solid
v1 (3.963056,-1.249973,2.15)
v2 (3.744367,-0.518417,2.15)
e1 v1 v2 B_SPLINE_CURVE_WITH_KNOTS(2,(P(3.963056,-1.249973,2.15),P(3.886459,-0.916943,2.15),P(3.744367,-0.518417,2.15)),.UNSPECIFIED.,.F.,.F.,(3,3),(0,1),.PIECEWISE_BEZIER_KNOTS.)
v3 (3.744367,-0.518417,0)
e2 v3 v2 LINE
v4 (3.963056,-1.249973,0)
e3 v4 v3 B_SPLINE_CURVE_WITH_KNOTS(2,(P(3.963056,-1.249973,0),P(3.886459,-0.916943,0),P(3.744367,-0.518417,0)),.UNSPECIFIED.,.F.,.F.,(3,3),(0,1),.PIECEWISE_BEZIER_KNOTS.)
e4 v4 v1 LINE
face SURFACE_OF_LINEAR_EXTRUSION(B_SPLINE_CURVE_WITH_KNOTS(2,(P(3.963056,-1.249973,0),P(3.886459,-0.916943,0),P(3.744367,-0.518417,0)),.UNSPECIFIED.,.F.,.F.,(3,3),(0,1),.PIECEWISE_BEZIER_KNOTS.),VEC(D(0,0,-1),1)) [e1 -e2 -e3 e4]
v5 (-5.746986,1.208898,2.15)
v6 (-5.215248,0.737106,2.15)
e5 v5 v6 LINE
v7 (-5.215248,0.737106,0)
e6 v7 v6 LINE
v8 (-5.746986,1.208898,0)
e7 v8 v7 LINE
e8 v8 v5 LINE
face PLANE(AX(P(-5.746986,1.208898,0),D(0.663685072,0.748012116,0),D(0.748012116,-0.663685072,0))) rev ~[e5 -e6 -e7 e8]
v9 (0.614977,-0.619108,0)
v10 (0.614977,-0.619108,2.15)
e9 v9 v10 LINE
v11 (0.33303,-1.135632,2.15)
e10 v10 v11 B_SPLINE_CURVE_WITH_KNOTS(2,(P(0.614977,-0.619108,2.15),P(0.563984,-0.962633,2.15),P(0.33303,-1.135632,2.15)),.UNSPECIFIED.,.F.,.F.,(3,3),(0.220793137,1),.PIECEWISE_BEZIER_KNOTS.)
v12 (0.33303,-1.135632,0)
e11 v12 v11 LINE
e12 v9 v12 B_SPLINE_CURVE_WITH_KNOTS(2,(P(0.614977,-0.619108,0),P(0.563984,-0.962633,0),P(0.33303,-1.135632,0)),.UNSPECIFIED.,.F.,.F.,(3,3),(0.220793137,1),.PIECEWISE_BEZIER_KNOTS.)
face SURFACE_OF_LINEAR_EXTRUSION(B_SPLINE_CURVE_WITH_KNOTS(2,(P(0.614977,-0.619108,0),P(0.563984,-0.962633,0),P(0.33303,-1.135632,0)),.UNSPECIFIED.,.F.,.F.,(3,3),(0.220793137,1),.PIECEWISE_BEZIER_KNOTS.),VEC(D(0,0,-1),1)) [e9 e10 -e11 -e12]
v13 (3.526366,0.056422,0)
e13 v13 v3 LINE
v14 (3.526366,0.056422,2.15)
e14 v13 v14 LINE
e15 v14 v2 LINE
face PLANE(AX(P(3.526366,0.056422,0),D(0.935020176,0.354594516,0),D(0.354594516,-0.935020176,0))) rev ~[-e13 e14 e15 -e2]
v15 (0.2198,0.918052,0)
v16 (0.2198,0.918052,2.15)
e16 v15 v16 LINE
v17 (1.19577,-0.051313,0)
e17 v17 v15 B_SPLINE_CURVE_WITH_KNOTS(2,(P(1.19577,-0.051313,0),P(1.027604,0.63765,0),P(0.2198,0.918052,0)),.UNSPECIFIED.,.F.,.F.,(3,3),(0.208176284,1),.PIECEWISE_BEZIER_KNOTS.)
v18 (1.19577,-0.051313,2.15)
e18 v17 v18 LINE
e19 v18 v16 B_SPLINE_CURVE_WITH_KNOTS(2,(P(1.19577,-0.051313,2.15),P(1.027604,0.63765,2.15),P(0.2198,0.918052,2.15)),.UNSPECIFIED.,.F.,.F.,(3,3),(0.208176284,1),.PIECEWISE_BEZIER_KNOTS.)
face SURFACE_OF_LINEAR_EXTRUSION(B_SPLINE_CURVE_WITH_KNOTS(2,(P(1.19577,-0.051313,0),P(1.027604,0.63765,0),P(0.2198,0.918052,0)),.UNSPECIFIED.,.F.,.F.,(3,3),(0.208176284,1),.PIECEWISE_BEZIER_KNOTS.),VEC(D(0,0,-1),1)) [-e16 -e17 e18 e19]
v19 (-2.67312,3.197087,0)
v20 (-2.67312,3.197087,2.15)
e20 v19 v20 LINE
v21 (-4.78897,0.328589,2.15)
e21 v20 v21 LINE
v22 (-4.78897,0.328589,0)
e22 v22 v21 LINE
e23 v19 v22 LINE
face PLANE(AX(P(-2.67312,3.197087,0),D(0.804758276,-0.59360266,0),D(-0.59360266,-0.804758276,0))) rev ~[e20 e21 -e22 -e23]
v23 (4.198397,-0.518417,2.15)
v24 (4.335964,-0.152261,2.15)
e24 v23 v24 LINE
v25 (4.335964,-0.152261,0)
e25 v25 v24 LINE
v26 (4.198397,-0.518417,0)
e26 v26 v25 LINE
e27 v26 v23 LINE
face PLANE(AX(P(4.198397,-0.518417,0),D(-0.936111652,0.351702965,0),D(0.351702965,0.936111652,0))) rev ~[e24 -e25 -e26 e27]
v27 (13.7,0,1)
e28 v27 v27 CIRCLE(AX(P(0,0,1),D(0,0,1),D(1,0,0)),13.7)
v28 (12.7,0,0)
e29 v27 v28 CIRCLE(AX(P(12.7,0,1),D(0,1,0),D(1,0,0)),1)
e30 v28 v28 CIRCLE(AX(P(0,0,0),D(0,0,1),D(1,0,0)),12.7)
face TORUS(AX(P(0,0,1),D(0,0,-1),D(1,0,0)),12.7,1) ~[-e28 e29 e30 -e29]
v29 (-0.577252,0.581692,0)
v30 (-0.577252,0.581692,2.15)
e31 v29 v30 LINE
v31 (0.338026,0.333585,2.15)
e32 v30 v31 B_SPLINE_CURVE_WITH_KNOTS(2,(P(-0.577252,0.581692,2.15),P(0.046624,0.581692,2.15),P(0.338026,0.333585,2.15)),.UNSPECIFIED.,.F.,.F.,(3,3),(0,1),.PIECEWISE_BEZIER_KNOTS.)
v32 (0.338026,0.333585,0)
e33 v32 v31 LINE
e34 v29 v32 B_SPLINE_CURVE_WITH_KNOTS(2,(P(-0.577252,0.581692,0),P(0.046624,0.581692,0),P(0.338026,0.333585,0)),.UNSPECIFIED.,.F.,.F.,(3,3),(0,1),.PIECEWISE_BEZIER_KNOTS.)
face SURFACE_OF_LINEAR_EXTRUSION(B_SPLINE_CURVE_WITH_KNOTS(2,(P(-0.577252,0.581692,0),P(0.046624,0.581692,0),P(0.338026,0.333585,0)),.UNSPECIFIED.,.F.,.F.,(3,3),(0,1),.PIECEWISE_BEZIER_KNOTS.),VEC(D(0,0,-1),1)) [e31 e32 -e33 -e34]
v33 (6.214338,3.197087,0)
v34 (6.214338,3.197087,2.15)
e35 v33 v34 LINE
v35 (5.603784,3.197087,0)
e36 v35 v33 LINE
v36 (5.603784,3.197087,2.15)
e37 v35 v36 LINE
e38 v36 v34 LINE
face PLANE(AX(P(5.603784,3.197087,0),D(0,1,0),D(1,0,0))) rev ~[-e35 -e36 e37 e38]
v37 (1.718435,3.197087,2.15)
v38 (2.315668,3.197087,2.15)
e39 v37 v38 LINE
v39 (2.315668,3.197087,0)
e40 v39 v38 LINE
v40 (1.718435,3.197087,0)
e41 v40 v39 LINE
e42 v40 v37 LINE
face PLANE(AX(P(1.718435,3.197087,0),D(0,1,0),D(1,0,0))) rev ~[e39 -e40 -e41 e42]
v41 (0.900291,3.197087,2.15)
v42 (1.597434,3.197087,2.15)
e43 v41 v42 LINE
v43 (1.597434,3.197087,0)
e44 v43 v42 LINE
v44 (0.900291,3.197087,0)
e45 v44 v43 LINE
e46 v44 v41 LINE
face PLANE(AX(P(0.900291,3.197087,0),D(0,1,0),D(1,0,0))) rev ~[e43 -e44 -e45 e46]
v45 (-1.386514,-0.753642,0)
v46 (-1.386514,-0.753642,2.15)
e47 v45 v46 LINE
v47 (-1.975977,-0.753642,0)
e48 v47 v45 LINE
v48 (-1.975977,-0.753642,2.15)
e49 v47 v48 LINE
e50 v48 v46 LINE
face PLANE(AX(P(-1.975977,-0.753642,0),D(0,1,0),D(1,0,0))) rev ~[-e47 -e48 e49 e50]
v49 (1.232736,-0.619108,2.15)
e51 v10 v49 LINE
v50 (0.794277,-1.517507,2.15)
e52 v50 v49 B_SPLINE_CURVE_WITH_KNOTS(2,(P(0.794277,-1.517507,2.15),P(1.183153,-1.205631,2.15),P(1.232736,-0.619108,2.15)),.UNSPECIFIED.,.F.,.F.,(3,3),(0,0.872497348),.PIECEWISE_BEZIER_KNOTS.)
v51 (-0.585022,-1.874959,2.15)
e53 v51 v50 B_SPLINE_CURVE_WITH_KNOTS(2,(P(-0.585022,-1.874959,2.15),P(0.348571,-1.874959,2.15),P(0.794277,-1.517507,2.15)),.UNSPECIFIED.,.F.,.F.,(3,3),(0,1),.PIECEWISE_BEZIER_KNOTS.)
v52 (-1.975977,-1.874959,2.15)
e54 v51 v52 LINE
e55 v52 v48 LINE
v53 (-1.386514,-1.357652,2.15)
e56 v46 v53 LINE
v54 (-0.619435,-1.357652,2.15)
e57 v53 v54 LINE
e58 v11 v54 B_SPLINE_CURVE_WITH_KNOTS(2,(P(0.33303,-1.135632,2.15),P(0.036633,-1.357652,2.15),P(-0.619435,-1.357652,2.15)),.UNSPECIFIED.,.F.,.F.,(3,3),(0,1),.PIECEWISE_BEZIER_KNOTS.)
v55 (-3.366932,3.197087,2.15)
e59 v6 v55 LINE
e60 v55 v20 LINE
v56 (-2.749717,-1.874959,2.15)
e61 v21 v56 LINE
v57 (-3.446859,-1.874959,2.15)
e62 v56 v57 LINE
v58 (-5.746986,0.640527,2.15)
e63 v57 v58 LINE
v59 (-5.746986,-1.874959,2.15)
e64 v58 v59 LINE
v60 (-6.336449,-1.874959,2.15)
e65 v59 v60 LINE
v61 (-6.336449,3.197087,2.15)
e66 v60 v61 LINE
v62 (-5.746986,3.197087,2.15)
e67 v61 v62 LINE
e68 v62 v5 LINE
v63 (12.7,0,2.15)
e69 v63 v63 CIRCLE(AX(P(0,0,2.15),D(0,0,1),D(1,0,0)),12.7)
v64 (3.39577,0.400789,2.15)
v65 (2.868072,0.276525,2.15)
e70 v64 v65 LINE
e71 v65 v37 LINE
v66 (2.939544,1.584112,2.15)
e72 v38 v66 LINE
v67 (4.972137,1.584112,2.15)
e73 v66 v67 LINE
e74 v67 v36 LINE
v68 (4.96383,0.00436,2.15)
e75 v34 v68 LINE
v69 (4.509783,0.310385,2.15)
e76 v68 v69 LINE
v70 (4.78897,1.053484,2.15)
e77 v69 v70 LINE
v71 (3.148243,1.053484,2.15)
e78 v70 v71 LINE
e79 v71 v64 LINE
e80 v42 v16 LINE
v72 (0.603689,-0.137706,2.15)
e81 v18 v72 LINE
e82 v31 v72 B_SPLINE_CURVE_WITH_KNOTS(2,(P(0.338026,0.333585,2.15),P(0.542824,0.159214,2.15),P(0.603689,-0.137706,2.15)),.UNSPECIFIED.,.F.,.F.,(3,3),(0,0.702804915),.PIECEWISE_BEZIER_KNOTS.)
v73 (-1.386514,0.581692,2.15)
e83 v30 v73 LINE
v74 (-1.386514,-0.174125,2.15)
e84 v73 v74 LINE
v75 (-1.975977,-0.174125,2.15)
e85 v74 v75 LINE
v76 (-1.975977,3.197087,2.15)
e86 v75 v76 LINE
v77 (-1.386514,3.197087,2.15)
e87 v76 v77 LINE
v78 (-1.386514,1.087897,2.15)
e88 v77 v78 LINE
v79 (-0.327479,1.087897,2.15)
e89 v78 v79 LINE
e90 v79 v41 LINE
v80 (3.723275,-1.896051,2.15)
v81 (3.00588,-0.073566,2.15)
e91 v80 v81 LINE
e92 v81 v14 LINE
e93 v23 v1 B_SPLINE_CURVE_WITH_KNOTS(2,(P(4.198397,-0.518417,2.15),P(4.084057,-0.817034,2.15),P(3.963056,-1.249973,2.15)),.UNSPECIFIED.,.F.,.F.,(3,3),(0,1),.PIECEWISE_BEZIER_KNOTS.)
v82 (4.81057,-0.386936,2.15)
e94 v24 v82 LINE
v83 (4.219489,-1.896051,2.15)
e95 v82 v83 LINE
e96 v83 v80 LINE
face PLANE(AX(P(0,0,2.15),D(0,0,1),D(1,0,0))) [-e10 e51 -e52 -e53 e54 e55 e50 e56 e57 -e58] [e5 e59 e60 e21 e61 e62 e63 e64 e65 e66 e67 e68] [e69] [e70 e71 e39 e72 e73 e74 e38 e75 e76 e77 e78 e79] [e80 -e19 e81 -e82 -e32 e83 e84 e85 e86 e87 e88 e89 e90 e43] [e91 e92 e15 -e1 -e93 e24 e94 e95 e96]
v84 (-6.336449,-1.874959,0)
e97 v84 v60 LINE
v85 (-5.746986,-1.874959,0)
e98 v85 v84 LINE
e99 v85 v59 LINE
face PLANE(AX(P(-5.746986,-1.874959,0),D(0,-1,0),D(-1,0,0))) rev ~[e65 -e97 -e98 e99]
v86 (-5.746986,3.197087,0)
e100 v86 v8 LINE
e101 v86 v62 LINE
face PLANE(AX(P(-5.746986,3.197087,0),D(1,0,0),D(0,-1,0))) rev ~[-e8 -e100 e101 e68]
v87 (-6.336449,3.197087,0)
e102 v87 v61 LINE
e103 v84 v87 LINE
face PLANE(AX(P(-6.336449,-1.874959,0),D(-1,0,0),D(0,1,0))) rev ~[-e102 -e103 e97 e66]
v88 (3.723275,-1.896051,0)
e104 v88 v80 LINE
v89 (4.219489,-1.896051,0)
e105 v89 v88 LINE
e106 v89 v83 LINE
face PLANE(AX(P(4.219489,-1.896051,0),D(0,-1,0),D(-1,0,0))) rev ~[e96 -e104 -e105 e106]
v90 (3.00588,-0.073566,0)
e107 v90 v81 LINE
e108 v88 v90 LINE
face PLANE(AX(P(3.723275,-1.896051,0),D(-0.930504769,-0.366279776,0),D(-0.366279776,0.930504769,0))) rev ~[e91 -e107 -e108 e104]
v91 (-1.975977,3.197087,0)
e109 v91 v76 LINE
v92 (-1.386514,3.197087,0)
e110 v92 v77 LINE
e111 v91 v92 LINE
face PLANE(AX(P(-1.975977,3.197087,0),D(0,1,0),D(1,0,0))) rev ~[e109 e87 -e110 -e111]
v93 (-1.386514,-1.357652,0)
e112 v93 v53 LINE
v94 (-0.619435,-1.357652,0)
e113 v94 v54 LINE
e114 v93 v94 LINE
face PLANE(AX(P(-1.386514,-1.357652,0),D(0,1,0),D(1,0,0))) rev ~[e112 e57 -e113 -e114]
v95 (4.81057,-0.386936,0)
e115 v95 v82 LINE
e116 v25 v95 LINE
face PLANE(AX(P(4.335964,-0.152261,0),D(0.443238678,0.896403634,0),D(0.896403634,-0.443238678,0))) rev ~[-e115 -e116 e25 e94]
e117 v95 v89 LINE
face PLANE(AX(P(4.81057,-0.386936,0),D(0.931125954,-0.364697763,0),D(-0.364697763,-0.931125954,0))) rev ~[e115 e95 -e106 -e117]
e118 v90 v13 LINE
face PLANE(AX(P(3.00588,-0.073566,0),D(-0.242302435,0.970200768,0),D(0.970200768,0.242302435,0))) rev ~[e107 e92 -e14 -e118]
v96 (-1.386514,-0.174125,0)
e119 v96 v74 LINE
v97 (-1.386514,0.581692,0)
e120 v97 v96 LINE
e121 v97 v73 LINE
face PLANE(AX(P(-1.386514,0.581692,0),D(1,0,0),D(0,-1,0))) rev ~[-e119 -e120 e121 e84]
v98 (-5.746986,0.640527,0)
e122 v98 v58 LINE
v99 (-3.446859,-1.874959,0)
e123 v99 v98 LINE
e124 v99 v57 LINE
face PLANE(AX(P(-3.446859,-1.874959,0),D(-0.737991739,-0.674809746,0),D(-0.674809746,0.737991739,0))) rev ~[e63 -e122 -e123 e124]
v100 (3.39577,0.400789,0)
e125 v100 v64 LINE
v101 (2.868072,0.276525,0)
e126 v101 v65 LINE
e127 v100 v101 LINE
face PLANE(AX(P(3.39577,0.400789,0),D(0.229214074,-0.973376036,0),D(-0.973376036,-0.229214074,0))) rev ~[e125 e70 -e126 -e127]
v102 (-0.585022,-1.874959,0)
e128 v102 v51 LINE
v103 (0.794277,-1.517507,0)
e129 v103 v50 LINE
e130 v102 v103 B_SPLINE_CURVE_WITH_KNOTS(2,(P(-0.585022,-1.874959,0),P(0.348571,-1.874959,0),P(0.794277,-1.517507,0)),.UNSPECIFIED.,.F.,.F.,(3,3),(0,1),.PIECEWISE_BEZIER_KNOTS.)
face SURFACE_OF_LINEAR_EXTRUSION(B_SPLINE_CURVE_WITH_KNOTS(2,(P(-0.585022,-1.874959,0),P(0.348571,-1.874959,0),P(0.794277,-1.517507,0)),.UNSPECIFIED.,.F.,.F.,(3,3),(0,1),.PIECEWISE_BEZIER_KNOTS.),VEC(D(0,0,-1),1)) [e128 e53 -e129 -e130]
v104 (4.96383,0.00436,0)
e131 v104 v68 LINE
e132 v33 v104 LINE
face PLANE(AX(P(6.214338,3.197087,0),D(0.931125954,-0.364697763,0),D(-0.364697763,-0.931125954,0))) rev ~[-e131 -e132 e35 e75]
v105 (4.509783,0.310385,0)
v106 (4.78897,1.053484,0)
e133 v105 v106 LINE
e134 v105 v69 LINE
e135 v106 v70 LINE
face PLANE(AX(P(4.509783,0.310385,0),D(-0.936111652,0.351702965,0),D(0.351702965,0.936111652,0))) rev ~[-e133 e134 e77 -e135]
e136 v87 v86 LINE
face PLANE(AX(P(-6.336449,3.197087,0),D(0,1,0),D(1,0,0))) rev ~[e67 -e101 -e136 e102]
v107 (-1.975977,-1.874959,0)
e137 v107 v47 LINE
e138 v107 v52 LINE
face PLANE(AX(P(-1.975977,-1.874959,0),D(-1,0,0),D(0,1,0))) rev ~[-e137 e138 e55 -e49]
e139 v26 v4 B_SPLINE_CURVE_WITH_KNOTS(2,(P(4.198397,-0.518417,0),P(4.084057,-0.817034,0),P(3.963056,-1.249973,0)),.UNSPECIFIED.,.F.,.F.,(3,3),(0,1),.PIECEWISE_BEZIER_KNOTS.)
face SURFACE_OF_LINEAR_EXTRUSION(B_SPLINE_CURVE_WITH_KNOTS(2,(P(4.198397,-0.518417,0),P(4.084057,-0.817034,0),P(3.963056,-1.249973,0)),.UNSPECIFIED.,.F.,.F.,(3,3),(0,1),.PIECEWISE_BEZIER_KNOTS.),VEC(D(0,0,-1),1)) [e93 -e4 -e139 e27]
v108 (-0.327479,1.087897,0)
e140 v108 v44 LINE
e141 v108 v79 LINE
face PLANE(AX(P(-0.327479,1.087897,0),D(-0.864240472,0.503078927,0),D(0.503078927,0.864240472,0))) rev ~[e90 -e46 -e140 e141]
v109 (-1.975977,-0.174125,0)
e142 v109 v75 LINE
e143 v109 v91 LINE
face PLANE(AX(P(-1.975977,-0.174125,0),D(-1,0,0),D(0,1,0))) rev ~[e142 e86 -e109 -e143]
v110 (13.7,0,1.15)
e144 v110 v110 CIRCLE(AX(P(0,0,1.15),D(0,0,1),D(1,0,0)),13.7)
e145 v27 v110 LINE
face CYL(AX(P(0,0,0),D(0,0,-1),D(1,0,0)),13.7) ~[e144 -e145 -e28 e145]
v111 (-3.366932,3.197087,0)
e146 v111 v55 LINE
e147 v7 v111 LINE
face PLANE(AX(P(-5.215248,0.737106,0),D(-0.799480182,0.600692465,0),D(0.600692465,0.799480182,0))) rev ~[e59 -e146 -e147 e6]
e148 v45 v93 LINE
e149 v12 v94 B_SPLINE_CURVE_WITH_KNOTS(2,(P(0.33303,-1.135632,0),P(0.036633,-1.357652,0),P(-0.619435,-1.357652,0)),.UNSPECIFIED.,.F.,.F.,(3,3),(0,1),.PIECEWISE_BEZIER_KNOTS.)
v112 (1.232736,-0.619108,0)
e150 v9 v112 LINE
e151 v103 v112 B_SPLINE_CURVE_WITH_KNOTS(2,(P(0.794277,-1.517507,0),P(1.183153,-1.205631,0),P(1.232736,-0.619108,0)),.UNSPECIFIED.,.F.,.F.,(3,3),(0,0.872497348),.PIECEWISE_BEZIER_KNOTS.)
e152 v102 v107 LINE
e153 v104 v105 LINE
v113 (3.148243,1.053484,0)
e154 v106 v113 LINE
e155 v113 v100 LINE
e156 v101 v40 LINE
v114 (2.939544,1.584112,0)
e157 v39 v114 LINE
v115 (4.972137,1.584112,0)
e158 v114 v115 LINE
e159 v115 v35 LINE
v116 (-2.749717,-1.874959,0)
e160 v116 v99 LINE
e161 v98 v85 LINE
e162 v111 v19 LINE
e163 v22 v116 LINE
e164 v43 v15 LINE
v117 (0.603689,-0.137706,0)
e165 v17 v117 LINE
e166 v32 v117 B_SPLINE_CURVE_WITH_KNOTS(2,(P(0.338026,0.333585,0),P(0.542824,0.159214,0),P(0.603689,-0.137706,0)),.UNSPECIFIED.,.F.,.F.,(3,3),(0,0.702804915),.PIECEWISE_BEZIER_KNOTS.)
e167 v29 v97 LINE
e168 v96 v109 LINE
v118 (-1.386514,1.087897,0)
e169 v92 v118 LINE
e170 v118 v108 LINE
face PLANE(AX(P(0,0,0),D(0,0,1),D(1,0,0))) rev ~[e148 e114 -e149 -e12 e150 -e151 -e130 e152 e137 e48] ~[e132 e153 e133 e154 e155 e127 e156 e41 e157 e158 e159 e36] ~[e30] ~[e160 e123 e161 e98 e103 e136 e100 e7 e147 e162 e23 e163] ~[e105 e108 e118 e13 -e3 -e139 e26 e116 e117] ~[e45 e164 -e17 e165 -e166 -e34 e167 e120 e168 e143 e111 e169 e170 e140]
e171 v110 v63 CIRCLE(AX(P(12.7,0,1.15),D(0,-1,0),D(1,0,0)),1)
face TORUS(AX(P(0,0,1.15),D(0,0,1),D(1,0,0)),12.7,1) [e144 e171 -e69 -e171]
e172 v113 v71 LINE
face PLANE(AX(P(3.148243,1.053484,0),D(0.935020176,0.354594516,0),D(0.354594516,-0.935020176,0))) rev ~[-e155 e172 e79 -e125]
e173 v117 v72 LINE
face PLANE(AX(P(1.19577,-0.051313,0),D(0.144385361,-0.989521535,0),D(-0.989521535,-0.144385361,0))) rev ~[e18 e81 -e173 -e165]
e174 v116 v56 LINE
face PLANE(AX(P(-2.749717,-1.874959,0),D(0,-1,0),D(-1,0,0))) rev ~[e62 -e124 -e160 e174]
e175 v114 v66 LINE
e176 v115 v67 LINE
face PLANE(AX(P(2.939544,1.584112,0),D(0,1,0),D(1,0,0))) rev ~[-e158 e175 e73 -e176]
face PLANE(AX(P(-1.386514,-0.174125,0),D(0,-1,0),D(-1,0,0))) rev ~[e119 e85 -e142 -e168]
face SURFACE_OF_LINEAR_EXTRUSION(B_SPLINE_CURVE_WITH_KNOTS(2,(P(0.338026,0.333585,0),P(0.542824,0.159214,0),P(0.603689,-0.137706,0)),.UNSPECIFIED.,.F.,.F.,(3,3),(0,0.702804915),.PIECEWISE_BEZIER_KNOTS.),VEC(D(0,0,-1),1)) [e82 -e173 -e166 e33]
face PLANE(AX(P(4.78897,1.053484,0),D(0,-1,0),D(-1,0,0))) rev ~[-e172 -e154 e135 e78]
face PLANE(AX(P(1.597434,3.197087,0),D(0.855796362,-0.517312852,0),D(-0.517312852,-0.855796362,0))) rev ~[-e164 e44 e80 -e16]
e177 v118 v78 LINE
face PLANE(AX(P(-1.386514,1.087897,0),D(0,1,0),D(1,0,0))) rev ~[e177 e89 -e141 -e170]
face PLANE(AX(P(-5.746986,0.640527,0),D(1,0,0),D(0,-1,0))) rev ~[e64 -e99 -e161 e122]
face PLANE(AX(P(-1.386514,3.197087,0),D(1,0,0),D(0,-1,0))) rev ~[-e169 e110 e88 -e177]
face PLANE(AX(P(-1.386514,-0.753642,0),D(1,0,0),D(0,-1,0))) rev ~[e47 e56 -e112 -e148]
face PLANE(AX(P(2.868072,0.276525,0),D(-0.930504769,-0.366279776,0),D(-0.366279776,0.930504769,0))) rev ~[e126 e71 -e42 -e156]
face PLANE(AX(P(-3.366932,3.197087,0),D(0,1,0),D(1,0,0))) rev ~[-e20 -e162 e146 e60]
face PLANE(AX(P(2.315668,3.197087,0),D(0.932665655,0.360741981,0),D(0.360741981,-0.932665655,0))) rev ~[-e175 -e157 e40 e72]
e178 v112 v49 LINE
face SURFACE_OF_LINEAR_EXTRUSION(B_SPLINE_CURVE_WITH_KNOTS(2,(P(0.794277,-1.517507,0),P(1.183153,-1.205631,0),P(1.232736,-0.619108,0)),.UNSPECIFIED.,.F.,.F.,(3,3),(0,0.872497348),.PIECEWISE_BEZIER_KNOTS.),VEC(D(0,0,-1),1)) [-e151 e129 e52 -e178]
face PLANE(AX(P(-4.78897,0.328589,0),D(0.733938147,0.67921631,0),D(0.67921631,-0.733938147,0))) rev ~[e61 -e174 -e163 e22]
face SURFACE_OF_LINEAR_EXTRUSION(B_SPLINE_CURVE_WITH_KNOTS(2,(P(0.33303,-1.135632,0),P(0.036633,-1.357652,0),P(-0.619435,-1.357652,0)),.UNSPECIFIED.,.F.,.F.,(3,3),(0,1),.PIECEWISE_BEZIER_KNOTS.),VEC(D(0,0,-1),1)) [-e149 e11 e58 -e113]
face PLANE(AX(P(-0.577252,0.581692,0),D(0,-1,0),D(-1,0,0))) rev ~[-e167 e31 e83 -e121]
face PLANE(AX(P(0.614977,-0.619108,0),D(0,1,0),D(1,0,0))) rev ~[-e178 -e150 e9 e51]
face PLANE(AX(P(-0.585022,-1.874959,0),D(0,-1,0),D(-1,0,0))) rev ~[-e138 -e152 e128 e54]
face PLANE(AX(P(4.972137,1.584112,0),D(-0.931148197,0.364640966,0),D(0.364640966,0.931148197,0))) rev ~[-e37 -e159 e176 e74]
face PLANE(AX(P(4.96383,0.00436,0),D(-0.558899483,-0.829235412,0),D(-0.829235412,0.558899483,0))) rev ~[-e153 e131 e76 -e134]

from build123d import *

# Parameters (mm, degrees)
F0_R     = 13.7
F1_DEPTH = 2.15
F2_R     = 1
F4_DEPTH = 2.15


with BuildPart() as f1:
    # F0 (on Top) → F1 (new body)
    with BuildSketch(Plane.XY):
        Circle(F0_R)
    extrude(amount=F1_DEPTH)

    # F2
    f2_edges = [f1.edges().sort_by_distance(p)[0] for p in [
        (-13.7, 0, 2.15),
        (-13.7, 0, 0),
    ]]
    fillet(f2_edges, radius=F2_R)

    # F3 (on face) → F4 (cut, through all)
    with BuildSketch(Plane(origin=(0, 0, 0), x_dir=(1, 0, 0), z_dir=(0, 0, -1))):
        Polygon((-3.3669322911, -3.197086975), (-2.673119963, -3.197086975), (-4.7889700387, -0.3285892857), (-2.749716844, 1.8749586682), (-3.4468594713, 1.8749586682), (-5.7469861014, -0.6405273085), (-5.7469861014, 1.8749586682), (-6.3364490553, 1.8749586682), (-6.3364490553, -3.197086975), (-5.7469861014, -3.197086975), (-5.7469861014, -1.2088983676), (-5.2152483331, -0.7371059845), align=None)
        with BuildLine():
            Line((1.1957695829, 0.0513130465), (0.6036887334, 0.1377061204))
            add(Edge.make_bspline(
                [(0.3380255409, -0.3335847345), (0.5428237209, -0.1592137126), (0.6036887334, 0.1377061204)],
                knots=[0, 0, 0, 0.7028049152, 0.7028049152, 0.7028049152], degree=2))
            add(Edge.make_bspline(
                [(-0.5772516823, -0.581692023), (0.0466243631, -0.581692023), (0.3380255409, -0.3335847345)],
                knots=[0, 0, 0, 1, 1, 1], degree=2))
            Line((-0.5772516823, -0.581692023), (-1.3865143818, -0.581692023))
            Line((-1.3865143818, -0.581692023), (-1.3865143818, 0.17412538))
            Line((-1.3865143818, 0.17412538), (-1.9759773358, 0.17412538))
            Line((-1.9759773358, 0.17412538), (-1.9759773358, -3.197086975))
            Line((-1.9759773358, -3.197086975), (-1.3865143818, -3.197086975))
            Line((-1.3865143818, -3.197086975), (-1.3865143818, -1.0878974976))
            Line((-1.3865143818, -1.0878974976), (-0.3274792442, -1.0878974976))
            Line((-0.3274792442, -1.0878974976), (0.9002910515, -3.197086975))
            Line((0.9002910515, -3.197086975), (1.5974336788, -3.197086975))
            Line((1.5974336788, -3.197086975), (0.2197999202, -0.9180522397))
            add(Edge.make_bspline(
                [(1.1957695829, 0.0513130465), (1.0276039433, -0.6376501903), (0.2197999202, -0.9180522397)],
                knots=[0.2081762837, 0.2081762837, 0.2081762837, 1, 1, 1], degree=2))
        make_face()
        with BuildLine():
            add(Edge.make_bspline(
                [(0.6149774989, 0.619108323), (0.5639843778, 0.9626327865), (0.3330300921, 1.1356322514)],
                knots=[0.2207931367, 0.2207931367, 0.2207931367, 1, 1, 1], degree=2))
            Line((0.6149774989, 0.619108323), (1.2327357734, 0.619108323))
            add(Edge.make_bspline(
                [(0.7942765278, 1.5175065568), (1.1831529928, 1.2056305376), (1.2327357734, 0.619108323)],
                knots=[0, 0, 0, 0.872497348, 0.872497348, 0.872497348], degree=2))
            add(Edge.make_bspline(
                [(-0.5850223804, 1.8749586682), (0.3485714883, 1.8749586682), (0.7942765278, 1.5175065568)],
                knots=[0, 0, 0, 1, 1, 1], degree=2))
            Line((-0.5850223804, 1.8749586682), (-1.9759773358, 1.8749586682))
            Line((-1.9759773358, 1.8749586682), (-1.9759773358, 0.7536415942))
            Line((-1.9759773358, 0.7536415942), (-1.3865143818, 0.7536415942))
            Line((-1.3865143818, 0.7536415942), (-1.3865143818, 1.3576521964))
            Line((-1.3865143818, 1.3576521964), (-0.6194354719, 1.3576521964))
            add(Edge.make_bspline(
                [(0.3330300921, 1.1356322514), (0.0366334655, 1.3576521964), (-0.6194354719, 1.3576521964)],
                knots=[0, 0, 0, 1, 1, 1], degree=2))
        make_face()
        with BuildLine():
            Line((3.7232746521, 1.896050563), (3.0058799547, 0.0735661382))
            Line((3.0058799547, 0.0735661382), (3.5263660581, -0.0564224731))
            Line((3.5263660581, -0.0564224731), (3.7443665468, 0.5184168044))
            add(Edge.make_bspline(
                [(3.9630561926, 1.2499725231), (3.8864593116, 0.9169426056), (3.7443665468, 0.5184168044)],
                knots=[0, 0, 0, 1, 1, 1], degree=2))
            add(Edge.make_bspline(
                [(4.1983973343, 0.5184168044), (4.0840570627, 0.8170336304), (3.9630561926, 1.2499725231)],
                knots=[0, 0, 0, 1, 1, 1], degree=2))
            Line((4.1983973343, 0.5184168044), (4.3359644272, 0.1522607828))
            Line((4.3359644272, 0.1522607828), (4.810570116, 0.3869358669))
            Line((4.810570116, 0.3869358669), (4.2194892291, 1.896050563))
            Line((4.2194892291, 1.896050563), (3.7232746521, 1.896050563))
        make_face()
        Polygon((3.3957695214, -0.40078876), (2.8680717842, -0.2765246073), (1.7184345488, -3.197086975), (2.3156682008, -3.197086975), (2.9395442462, -1.5841120746), (4.9721368426, -1.5841120746), (5.6037835861, -3.197086975), (6.2143384348, -3.197086975), (4.9638303876, -0.0043596959), (4.5097831967, -0.3103846639), (4.788970388, -1.0534844061), (3.1482429945, -1.0534844061), align=None)
    extrude(amount=-F4_DEPTH, mode=Mode.SUBTRACT)


solid = f1.part
